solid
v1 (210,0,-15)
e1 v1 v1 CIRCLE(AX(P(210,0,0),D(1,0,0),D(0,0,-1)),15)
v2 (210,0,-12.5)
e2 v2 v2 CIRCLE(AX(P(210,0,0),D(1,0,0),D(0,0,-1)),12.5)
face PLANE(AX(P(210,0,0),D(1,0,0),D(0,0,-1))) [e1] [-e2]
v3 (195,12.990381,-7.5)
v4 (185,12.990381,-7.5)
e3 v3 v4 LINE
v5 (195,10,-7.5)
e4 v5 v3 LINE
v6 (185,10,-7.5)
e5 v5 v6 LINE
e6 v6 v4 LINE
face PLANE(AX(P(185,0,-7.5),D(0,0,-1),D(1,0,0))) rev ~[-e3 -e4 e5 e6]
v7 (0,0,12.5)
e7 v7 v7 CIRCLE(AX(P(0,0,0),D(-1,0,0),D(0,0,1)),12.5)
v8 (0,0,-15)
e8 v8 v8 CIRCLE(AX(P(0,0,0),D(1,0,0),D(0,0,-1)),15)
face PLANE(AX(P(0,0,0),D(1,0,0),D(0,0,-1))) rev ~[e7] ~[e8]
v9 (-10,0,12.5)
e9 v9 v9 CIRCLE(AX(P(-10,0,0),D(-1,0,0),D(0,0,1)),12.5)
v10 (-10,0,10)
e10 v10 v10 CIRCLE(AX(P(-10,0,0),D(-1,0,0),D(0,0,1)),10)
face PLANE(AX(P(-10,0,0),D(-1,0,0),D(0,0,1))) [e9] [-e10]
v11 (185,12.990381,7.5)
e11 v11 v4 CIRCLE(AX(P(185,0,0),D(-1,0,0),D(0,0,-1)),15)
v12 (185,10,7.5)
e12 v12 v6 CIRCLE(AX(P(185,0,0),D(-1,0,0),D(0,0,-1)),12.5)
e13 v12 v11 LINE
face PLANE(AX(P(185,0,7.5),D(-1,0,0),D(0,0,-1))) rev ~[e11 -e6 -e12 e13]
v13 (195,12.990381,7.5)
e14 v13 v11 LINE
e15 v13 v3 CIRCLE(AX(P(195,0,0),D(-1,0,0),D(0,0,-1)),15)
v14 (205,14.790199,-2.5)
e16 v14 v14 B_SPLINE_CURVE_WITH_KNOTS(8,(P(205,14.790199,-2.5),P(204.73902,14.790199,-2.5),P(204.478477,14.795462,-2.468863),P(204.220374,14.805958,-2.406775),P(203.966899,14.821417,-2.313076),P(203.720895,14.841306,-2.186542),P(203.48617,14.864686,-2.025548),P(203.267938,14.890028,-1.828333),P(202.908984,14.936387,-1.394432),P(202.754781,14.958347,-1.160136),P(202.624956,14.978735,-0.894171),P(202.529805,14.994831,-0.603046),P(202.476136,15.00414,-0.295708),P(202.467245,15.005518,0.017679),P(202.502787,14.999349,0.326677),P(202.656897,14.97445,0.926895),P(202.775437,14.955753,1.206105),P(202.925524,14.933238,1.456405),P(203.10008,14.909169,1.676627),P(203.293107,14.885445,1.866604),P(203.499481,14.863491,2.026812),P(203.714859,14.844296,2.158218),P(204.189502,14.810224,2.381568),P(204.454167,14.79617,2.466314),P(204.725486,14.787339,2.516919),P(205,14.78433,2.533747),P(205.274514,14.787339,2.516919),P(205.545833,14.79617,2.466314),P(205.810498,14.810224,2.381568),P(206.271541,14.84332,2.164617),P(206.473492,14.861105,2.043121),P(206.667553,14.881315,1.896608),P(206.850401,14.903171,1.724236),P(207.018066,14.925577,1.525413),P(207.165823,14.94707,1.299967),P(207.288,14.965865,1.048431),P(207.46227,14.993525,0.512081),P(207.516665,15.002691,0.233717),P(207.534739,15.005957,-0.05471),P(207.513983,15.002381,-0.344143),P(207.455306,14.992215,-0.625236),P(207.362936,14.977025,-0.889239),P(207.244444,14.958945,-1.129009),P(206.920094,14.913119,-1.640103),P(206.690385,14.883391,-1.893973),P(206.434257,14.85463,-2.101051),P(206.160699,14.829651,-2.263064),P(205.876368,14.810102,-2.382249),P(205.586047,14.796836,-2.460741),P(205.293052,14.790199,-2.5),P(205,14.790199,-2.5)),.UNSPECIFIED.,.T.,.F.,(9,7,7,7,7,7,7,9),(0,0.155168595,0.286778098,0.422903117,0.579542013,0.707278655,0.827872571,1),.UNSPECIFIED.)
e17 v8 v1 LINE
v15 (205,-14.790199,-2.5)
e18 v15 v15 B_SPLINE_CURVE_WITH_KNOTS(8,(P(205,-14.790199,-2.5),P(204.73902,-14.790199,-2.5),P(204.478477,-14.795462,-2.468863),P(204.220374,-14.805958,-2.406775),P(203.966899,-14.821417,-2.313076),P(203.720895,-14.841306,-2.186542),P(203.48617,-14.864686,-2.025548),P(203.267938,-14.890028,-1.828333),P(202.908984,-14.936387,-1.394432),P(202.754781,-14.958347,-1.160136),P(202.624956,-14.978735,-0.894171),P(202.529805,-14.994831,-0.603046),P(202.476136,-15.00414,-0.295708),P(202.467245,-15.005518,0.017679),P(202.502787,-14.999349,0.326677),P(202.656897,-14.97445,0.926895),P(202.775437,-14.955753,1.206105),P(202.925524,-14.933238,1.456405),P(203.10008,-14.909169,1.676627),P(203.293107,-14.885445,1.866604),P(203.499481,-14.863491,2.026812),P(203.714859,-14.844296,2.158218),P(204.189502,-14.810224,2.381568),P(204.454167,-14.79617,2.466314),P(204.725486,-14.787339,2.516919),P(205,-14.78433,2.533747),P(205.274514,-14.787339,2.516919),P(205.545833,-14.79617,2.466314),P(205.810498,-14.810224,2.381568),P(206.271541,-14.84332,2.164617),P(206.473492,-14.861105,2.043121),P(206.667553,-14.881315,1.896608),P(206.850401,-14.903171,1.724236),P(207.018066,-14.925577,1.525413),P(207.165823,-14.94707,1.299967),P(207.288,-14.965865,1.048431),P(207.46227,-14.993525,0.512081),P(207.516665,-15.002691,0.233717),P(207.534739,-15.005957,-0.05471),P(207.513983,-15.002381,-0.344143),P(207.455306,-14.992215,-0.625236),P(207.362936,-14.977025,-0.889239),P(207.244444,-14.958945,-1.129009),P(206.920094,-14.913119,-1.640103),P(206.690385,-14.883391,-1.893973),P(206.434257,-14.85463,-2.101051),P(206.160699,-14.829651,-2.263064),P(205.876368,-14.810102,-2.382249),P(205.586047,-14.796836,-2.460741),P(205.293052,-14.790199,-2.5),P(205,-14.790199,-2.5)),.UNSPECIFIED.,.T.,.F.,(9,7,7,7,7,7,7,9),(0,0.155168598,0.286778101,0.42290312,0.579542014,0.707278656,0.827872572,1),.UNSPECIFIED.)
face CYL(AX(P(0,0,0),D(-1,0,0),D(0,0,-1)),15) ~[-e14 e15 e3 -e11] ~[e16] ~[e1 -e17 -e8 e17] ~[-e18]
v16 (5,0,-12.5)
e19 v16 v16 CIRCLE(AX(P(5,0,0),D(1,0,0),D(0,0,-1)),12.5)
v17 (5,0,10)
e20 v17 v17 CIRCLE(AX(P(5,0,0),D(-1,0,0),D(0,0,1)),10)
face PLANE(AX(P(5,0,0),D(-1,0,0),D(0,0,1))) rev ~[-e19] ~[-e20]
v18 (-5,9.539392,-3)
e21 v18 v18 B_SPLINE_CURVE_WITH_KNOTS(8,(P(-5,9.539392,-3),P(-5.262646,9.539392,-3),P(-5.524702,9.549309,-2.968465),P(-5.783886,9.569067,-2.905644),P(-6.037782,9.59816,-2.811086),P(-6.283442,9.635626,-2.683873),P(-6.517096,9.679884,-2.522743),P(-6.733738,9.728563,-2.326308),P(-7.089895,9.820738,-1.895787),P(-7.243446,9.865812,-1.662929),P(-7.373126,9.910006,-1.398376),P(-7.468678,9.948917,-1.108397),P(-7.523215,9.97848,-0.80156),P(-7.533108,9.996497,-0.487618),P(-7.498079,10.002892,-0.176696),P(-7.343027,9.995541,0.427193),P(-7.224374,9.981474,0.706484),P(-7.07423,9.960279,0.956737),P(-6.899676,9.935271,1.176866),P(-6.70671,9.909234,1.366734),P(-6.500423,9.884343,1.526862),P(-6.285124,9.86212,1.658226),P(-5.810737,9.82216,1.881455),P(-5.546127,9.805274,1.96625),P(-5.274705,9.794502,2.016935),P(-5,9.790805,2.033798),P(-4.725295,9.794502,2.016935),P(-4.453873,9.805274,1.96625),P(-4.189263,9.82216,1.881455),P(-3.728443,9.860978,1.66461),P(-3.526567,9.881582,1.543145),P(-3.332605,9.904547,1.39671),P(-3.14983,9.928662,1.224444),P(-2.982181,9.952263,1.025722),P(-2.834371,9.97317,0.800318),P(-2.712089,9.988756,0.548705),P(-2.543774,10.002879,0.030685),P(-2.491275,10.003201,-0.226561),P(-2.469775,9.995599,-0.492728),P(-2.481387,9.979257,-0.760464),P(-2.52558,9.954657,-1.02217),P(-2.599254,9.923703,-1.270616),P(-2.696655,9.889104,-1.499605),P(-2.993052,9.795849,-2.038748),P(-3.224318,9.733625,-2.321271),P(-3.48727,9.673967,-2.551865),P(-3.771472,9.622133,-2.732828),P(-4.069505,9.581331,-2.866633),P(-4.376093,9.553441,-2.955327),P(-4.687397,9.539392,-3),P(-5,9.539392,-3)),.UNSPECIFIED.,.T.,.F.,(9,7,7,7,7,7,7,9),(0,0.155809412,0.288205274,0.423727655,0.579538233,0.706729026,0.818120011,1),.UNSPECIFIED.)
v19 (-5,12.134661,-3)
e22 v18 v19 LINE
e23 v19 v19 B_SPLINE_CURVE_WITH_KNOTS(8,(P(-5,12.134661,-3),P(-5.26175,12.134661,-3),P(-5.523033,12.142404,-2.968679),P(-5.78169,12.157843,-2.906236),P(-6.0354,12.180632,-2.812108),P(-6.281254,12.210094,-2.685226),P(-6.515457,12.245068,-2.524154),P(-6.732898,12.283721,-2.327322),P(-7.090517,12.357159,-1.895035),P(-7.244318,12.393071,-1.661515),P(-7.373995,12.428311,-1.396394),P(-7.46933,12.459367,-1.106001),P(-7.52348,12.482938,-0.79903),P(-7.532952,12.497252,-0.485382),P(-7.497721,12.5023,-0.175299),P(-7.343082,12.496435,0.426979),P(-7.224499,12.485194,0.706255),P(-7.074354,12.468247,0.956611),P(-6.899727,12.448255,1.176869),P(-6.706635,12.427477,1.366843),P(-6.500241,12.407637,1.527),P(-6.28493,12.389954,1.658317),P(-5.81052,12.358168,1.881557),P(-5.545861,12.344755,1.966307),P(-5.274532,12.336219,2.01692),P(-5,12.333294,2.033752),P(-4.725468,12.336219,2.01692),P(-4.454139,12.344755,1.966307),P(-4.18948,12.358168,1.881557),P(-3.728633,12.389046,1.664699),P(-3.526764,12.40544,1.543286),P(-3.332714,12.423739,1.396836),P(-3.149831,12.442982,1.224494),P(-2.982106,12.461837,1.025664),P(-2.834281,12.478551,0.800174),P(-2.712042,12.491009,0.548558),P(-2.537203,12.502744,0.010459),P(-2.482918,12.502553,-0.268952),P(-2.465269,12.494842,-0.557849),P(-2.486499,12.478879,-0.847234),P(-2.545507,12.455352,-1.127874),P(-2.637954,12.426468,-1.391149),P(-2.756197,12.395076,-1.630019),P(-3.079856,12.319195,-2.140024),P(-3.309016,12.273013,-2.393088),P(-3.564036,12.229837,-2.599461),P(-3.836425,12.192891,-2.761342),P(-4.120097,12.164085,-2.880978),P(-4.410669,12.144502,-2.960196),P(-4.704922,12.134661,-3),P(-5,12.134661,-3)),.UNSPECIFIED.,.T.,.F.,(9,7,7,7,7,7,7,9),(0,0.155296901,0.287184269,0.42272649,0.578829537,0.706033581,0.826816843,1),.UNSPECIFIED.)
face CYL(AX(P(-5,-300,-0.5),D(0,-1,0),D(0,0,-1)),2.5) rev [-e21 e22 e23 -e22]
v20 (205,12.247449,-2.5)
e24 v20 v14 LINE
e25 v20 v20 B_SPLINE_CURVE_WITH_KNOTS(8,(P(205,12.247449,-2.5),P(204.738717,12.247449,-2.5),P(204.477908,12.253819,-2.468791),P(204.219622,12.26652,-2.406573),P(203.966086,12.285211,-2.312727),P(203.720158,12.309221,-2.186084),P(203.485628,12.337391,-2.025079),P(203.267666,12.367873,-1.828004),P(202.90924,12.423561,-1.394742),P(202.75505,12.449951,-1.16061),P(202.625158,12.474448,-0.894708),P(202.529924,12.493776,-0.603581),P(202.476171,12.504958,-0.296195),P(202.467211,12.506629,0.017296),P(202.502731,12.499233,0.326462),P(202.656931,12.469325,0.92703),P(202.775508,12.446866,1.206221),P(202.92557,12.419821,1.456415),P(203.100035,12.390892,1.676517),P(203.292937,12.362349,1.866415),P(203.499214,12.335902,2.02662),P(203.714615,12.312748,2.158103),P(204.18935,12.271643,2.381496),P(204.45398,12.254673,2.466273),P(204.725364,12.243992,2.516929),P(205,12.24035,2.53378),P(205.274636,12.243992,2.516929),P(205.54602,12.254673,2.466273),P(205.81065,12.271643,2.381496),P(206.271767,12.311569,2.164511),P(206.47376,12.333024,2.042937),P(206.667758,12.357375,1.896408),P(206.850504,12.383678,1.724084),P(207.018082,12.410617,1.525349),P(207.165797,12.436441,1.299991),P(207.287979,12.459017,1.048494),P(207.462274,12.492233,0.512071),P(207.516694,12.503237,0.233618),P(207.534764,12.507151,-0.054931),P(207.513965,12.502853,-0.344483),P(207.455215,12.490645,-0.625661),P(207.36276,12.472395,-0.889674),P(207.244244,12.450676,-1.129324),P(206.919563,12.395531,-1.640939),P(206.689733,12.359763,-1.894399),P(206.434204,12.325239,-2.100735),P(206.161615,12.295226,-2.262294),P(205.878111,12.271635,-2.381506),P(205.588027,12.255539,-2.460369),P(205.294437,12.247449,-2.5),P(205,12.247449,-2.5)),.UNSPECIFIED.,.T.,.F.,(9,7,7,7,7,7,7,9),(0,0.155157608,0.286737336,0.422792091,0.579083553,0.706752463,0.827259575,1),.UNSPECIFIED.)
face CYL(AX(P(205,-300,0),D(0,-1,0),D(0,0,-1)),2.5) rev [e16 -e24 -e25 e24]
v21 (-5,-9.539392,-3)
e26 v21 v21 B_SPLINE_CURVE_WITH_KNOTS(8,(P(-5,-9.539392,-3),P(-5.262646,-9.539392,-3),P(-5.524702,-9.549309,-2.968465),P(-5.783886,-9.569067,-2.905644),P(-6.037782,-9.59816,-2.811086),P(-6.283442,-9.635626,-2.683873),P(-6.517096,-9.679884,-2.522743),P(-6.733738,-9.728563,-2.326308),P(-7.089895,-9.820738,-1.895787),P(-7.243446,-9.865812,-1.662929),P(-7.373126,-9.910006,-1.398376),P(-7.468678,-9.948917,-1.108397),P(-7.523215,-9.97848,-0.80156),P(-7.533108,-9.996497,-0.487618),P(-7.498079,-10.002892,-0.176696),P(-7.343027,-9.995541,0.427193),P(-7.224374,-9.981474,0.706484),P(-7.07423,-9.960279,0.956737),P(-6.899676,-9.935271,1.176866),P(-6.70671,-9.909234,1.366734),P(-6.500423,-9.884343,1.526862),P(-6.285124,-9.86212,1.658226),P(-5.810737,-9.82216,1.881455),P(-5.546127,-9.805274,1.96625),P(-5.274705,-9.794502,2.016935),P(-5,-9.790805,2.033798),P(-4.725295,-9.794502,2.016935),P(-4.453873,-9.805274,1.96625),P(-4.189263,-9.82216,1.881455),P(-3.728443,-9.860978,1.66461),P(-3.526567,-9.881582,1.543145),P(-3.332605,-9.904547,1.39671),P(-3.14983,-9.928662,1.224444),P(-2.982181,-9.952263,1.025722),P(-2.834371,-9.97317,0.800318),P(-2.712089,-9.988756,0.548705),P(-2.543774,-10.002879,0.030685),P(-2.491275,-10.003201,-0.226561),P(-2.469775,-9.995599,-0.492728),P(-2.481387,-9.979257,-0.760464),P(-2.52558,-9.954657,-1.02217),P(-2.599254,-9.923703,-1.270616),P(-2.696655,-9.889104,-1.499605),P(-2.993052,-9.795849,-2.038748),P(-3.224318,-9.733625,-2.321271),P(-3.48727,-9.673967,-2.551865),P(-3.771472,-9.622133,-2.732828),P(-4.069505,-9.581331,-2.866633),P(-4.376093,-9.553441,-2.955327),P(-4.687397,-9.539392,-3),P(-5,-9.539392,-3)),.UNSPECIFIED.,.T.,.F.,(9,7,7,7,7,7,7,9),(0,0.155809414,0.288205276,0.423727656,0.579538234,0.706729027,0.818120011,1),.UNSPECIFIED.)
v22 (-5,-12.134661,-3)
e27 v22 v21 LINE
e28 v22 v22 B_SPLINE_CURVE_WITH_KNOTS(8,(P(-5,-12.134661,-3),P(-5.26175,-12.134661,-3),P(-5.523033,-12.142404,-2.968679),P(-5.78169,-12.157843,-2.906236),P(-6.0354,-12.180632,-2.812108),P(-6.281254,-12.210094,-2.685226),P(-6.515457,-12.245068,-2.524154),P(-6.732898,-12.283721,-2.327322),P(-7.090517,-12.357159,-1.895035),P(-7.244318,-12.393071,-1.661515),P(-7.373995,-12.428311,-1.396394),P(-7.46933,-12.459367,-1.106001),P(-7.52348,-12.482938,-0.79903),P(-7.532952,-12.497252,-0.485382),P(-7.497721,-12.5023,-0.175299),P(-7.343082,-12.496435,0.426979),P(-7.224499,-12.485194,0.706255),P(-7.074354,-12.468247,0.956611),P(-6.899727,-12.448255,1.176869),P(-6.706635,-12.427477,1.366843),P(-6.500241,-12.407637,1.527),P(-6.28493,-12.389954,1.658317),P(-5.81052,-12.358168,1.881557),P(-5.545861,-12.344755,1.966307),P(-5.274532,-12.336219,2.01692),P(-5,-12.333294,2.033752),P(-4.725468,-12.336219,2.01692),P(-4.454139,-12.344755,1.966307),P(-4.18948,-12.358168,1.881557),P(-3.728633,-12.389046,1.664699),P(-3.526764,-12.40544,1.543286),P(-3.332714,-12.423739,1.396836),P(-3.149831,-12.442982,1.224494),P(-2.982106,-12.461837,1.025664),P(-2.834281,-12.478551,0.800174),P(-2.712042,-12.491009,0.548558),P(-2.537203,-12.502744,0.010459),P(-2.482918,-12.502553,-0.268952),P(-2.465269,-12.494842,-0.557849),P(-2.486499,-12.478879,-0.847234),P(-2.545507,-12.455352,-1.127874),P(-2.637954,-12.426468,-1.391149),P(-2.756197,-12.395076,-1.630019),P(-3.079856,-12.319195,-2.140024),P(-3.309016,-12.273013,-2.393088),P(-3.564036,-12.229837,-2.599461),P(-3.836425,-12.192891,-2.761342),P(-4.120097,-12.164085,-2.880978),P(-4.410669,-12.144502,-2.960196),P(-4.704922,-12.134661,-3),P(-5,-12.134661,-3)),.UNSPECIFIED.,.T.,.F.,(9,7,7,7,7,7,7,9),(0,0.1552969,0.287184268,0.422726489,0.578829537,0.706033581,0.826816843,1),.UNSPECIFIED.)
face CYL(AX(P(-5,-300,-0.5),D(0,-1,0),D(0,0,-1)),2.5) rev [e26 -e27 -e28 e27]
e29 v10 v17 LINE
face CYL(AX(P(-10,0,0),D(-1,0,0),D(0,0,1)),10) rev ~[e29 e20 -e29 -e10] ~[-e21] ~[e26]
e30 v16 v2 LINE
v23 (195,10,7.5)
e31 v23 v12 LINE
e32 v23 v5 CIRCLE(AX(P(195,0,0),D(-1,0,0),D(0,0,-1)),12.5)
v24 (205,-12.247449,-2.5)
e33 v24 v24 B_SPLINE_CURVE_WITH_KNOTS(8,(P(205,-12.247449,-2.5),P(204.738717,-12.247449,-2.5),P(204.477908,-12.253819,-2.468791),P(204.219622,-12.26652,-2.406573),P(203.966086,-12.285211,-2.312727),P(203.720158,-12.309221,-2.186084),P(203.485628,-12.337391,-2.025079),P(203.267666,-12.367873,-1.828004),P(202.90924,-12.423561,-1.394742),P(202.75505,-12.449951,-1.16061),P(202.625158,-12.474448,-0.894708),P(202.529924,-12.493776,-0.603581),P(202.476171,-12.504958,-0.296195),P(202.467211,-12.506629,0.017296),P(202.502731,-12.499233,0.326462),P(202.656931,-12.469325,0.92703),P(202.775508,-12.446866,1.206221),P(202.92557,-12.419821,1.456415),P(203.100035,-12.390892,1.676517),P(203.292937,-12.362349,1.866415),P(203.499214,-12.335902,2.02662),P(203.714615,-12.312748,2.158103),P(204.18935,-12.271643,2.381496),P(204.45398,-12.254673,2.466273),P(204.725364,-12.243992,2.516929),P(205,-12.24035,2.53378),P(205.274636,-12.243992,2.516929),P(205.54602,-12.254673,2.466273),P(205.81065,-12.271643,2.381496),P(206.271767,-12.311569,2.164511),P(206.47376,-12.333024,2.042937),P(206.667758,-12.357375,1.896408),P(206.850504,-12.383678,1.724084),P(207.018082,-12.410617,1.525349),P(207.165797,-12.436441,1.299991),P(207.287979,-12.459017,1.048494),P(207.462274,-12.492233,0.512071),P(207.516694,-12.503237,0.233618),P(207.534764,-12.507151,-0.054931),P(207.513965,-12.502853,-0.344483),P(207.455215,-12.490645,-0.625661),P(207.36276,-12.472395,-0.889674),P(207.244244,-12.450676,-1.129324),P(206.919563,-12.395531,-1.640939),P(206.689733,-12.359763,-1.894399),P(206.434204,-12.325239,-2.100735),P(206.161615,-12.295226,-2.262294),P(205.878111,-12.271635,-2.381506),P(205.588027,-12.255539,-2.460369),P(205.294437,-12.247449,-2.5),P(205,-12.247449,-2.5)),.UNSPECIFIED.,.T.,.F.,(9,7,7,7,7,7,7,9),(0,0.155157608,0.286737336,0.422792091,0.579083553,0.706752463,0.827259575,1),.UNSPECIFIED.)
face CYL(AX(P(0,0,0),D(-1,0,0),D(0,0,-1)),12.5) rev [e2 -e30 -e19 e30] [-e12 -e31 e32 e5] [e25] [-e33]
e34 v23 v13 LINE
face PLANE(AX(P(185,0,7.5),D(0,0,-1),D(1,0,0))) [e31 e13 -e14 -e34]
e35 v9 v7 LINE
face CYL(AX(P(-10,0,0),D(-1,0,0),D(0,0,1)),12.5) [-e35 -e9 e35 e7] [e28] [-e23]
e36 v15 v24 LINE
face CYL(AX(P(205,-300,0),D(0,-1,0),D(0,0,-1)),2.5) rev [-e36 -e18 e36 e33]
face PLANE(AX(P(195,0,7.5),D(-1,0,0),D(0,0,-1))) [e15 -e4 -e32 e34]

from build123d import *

# Parameters (mm, degrees)
ESBO_O1_R                  = 15
ESBO_O1_R_2                = 12.5
RESSALTO_EXTRUS_O1_DEPTH   = 210
RESSALTO_EXTRUS_O3_START   = 10
ESBO_O2_R                  = 12.5
ESBO_O2_R_2                = 10
RESSALTO_EXTRUS_O3_DEPTH   = 15
CORTE_EXTRUS_O2_DEPTH      = 300
CORTE_EXTRUS_O2_DEPTH_BACK = 300
ESBO_O4_R                  = 2.5
CORTE_EXTRUS_O3_DEPTH      = 300
CORTE_EXTRUS_O3_DEPTH_BACK = 300
ESBO_O4_3_R                = 2.5
ESBO_O6_W                  = 10
ESBO_O6_H                  = 15
CORTE_EXTRUS_O4_DEPTH      = 20


with BuildPart() as part:
    # Esboço1 → Ressalto-extrusão1 (new body)
    with BuildSketch(Plane(origin=(0, 0, 0), x_dir=(0, 0, -1), z_dir=(1, 0, 0))):
        Circle(ESBO_O1_R)
        Circle(ESBO_O1_R_2, mode=Mode.SUBTRACT)
    extrude(amount=RESSALTO_EXTRUS_O1_DEPTH)

    # Esboço2 → Ressalto-extrusão3 (add)
    with BuildSketch(Plane.ZY.offset(RESSALTO_EXTRUS_O3_START)):
        Circle(ESBO_O2_R)
        Circle(ESBO_O2_R_2, mode=Mode.SUBTRACT)
    extrude(amount=-RESSALTO_EXTRUS_O3_DEPTH)

    # Esboço4 → Corte-extrusão2 (cut, two sides: drawn at the far end of the back side and taken through both)
    with BuildSketch(Plane(origin=(0, 0, 0), x_dir=(1, 0, 0), z_dir=(0, 1, 0)).offset(-CORTE_EXTRUS_O2_DEPTH_BACK)):
        with Locations((205, 0)):
            Circle(ESBO_O4_R)
    extrude(amount=CORTE_EXTRUS_O2_DEPTH + CORTE_EXTRUS_O2_DEPTH_BACK, mode=Mode.SUBTRACT)

    # Esboço4<3> → Corte-extrusão3 (cut, two sides: drawn at the far end of the back side and taken through both)
    with BuildSketch(Plane(origin=(0, 0, 0), x_dir=(1, 0, 0), z_dir=(0, 1, 0)).offset(-CORTE_EXTRUS_O3_DEPTH_BACK)):
        with Locations((-5, 0.5)):
            Circle(ESBO_O4_3_R)
        with Locations((205, 0)):
            Circle(ESBO_O4_3_R)
    extrude(amount=CORTE_EXTRUS_O3_DEPTH + CORTE_EXTRUS_O3_DEPTH_BACK, mode=Mode.SUBTRACT)

    # Esboço6 → Corte-extrusão4 (cut)
    with BuildSketch(Plane(origin=(0, 0, 0), x_dir=(1, 0, 0), z_dir=(0, 1, 0))):
        with Locations((190, 0)):
            Rectangle(ESBO_O6_W, ESBO_O6_H)
    extrude(amount=CORTE_EXTRUS_O4_DEPTH, mode=Mode.SUBTRACT)


solid = part.part
